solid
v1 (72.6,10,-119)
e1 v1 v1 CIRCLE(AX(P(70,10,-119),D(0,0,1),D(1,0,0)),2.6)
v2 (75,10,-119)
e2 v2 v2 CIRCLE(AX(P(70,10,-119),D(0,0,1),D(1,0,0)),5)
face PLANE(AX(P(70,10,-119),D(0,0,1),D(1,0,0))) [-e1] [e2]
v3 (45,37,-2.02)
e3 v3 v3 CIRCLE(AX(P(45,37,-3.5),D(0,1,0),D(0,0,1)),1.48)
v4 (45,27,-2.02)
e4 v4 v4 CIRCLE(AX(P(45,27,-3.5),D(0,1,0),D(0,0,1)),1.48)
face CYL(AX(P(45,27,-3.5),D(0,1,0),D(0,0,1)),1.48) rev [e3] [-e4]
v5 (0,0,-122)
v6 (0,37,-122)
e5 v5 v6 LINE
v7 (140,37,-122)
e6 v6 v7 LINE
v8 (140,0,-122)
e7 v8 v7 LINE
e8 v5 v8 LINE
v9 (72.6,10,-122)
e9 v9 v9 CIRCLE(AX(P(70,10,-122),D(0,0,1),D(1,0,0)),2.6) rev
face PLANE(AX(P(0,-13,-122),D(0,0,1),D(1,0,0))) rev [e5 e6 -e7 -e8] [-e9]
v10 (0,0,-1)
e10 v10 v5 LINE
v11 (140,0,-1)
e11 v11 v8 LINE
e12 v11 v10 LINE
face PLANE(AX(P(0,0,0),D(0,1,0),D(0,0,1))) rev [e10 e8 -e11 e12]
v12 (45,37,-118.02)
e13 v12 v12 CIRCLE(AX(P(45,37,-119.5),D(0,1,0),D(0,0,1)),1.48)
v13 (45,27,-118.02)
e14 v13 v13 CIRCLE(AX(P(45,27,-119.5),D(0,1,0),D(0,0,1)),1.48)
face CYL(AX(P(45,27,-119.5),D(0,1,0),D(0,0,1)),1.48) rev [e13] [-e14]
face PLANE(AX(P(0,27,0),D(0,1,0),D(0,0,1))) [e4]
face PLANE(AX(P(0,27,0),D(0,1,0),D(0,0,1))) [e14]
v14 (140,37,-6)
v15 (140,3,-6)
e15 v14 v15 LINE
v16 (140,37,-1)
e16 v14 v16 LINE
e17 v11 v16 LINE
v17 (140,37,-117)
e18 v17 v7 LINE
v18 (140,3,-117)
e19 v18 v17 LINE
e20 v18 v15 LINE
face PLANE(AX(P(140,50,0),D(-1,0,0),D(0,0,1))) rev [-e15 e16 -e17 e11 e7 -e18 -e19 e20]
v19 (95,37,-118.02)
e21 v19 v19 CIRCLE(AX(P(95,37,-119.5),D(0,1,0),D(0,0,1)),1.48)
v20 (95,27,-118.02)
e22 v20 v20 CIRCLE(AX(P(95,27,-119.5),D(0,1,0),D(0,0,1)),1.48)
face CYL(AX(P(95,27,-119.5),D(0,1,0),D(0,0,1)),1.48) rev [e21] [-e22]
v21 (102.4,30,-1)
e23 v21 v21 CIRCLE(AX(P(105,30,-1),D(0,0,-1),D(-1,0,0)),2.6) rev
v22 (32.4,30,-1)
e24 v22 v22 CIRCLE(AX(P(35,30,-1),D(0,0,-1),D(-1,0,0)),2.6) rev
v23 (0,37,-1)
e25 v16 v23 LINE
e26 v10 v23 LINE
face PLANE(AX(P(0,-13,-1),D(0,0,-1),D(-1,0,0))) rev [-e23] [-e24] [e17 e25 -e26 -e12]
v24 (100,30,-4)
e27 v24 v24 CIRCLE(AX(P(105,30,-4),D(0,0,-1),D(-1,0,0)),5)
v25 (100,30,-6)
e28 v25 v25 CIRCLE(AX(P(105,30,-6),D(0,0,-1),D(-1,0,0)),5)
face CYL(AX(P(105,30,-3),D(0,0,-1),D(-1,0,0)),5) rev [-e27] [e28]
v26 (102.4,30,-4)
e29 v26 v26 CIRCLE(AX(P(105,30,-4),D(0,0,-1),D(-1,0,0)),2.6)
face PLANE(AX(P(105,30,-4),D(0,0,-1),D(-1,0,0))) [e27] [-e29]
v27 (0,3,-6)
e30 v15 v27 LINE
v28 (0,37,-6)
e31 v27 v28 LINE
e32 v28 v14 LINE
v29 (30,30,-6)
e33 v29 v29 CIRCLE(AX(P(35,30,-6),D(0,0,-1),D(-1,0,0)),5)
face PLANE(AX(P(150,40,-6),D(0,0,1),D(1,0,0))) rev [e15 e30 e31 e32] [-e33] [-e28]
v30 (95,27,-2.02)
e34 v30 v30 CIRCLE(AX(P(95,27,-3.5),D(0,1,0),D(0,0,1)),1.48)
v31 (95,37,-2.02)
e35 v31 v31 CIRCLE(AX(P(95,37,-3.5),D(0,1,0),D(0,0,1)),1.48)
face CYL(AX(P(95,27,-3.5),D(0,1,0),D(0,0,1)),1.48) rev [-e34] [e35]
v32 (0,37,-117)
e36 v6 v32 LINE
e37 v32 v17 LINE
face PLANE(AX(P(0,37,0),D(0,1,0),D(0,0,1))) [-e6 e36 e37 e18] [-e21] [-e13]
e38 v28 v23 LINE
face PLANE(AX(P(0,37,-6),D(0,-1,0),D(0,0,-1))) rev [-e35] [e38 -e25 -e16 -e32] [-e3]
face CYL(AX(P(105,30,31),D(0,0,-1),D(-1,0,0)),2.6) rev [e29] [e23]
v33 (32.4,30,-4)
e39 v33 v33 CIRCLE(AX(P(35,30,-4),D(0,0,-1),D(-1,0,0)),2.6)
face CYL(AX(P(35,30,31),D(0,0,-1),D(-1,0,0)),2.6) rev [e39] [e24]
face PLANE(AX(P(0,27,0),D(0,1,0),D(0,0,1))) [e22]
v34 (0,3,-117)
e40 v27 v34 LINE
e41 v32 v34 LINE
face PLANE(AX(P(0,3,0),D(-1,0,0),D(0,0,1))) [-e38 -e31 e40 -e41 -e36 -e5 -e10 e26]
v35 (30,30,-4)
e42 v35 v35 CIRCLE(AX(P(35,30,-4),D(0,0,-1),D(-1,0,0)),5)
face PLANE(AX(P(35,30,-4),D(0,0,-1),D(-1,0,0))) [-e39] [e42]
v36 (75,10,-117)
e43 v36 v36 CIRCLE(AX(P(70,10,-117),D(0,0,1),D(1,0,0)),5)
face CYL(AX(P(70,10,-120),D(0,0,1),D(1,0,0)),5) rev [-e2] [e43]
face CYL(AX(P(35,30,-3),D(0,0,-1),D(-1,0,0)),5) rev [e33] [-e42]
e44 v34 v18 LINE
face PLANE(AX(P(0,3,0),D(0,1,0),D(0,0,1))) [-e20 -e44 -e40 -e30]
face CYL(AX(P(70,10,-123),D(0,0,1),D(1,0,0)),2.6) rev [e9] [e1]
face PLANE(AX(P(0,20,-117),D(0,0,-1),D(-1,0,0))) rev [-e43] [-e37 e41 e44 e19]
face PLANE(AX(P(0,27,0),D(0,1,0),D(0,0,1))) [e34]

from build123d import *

# Parameters (mm, degrees)
SKETCH_1_W           = 150
SKETCH_1_H           = 123
SKETCH_1_R           = 1.5
EXTRUDE_1_DEPTH      = 3
SKETCH_2_W           = 150
SKETCH_2_H           = 6
EXTRUDE_2_DEPTH      = 17
SKETCH_3_W           = 75
SKETCH_3_H           = 6
EXTRUDE_3_DEPTH      = 37
SKETCH_4_W           = 150
SKETCH_4_H           = 111
EXTRUDE_4_DEPTH      = 3
SKETCH_6_W           = 10
SKETCH_6_H           = 123
CUT_EXTRUDE_1_DEPTH  = 50
SKETCH_7_W           = 3
SKETCH_7_H           = 101
EXTRUDE_5_DEPTH      = 17
SKETCH_9_W           = 75
SKETCH_9_H           = 6
EXTRUDE_6_DEPTH      = 37
CUT_EXTRUDE_2_DEPTH  = 37
SKETCH_12_R          = 5
CUT_EXTRUDE_3_DEPTH  = 3
CUT_EXTRUDE_5_DEPTH  = 6
SKETCH_14_R          = 5
CUT_EXTRUDE_6_DEPTH  = 3
SKETCH_15_W          = 140
SKETCH_15_H          = 3
CUT_EXTRUDE_7_DEPTH  = 6
SKETCH_17_W          = 140
SKETCH_17_H          = 6
SKETCH_17_W_2        = 3
SKETCH_17_H_2        = 101
EXTRUDE_7_DEPTH      = 17
SKETCH_19_W          = 140
SKETCH_19_H          = 1
CUT_EXTRUDE_10_DEPTH = 50
SKETCH_20_W          = 140
SKETCH_20_H          = 1
CUT_EXTRUDE_11_DEPTH = 50
SKETCH_21_W          = 3
SKETCH_21_H          = 101
CUT_EXTRUDE_12_DEPTH = 34
SKETCH_22_R          = 1.48
CUT_EXTRUDE_13_DEPTH = 10
EXTRUDE_START        = 1
SKETCH_23_R          = 5
SKETCH_23_R_2        = 2.6
EXTRUDE_8_DEPTH      = 1
SKETCH_24_R          = 5
SKETCH_24_R_2        = 2.6
EXTRUDE_9_DEPTH      = 1


with BuildPart() as part:
    # 草图1 → 凸台-拉伸1 (new body)
    with BuildSketch(Plane(origin=(0, 0, 0), x_dir=(1, 0, 0), z_dir=(0, 1, 0))):
        with Locations((75, 61.5)):
            Rectangle(SKETCH_1_W, SKETCH_1_H)
        with Locations(Location((19, 102.5, 0), (0, 0, 270))):
            Circle(SKETCH_1_R, mode=Mode.SUBTRACT)
        with Locations(Location((19, 20.5, 0), (0, 0, 270))):
            Circle(SKETCH_1_R, mode=Mode.SUBTRACT)
        with Locations(Location((141, 20.5, 0), (0, 0, 270))):
            Circle(SKETCH_1_R, mode=Mode.SUBTRACT)
        with Locations(Location((141, 102.5, 0), (0, 0, 270))):
            Circle(SKETCH_1_R, mode=Mode.SUBTRACT)
    extrude(amount=EXTRUDE_1_DEPTH)

    # 草图2 → 凸台-拉伸2 (add)
    with BuildSketch(Plane(origin=(0, 3, 0), x_dir=(1, 0, 0), z_dir=(0, 1, 0))):
        with Locations((75, 120)):
            Rectangle(SKETCH_2_W, SKETCH_2_H)
    extrude(amount=EXTRUDE_2_DEPTH)

    # 草图3 → 凸台-拉伸3 (add)
    with BuildSketch(Plane(origin=(0, 3, 0), x_dir=(1, 0, 0), z_dir=(0, 1, 0))):
        with Locations((112.5, 3)):
            Rectangle(SKETCH_3_W, SKETCH_3_H)
    extrude(amount=EXTRUDE_3_DEPTH)

    # 草图4 → 凸台-拉伸4 (add)
    with BuildSketch(Plane(origin=(0, 3, 0), x_dir=(1, 0, 0), z_dir=(0, 1, 0))):
        with Locations((75, 61.5)):
            Rectangle(SKETCH_4_W, SKETCH_4_H)
    extrude(amount=-EXTRUDE_4_DEPTH)

    # 草图6 → 切除-拉伸1 (cut)
    with BuildSketch(Plane.XZ):
        with Locations((145, -61.5)):
            Rectangle(SKETCH_6_W, SKETCH_6_H)
    extrude(amount=-CUT_EXTRUDE_1_DEPTH, mode=Mode.SUBTRACT)

    # 草图7 → 凸台-拉伸5 (add)
    with BuildSketch(Plane(origin=(0, 3, 0), x_dir=(1, 0, 0), z_dir=(0, 1, 0))):
        with Locations((1.5, 56.5)):
            Rectangle(SKETCH_7_W, SKETCH_7_H)
    extrude(amount=EXTRUDE_5_DEPTH)

    # 草图9 → 凸台-拉伸6 (add)
    with BuildSketch(Plane(origin=(0, 3, 0), x_dir=(1, 0, 0), z_dir=(0, 1, 0))):
        with Locations((37.5, 3)):
            Rectangle(SKETCH_9_W, SKETCH_9_H)
    extrude(amount=EXTRUDE_6_DEPTH)

    # 草图11 → 切除-拉伸2 (cut)
    with BuildSketch(Plane(origin=(0, 0, -6), x_dir=(-1, 0, 0), z_dir=(0, 0, -1))):
        with BuildLine():
            ThreePointArc((-107.6, 30), (-105, 27.4), (-102.4, 30))
            Line((-102.4, 30), (-107.6, 30))
        make_face()
        with BuildLine():
            Line((-107.6, 30), (-102.4, 30))
            ThreePointArc((-102.4, 30), (-105, 32.6), (-107.6, 30))
        make_face()
        with BuildLine():
            ThreePointArc((-32.4, 30), (-35, 32.6), (-37.6, 30))
            Line((-37.6, 30), (-32.4, 30))
        make_face()
        with BuildLine():
            Line((-32.4, 30), (-37.6, 30))
            ThreePointArc((-37.6, 30), (-35, 27.4), (-32.4, 30))
        make_face()
    extrude(amount=-CUT_EXTRUDE_2_DEPTH, mode=Mode.SUBTRACT)

    # 草图12 → 切除-拉伸3 (cut)
    with BuildSketch(Plane(origin=(0, 0, -6), x_dir=(-1, 0, 0), z_dir=(0, 0, -1))):
        with Locations((-105, 30)):
            Circle(SKETCH_12_R)
        with Locations((-35, 30)):
            Circle(SKETCH_12_R)
    extrude(amount=-CUT_EXTRUDE_3_DEPTH, mode=Mode.SUBTRACT)

    # 草图13 → 切除-拉伸5 (cut)
    with BuildSketch(Plane.XY.offset(-117)):
        with BuildLine():
            ThreePointArc((67.4, 10), (70, 7.4), (72.6, 10))
            Line((72.6, 10), (67.4, 10))
        make_face()
        with BuildLine():
            Line((67.4, 10), (72.6, 10))
            ThreePointArc((72.6, 10), (70, 12.6), (67.4, 10))
        make_face()
    extrude(amount=-CUT_EXTRUDE_5_DEPTH, mode=Mode.SUBTRACT)

    # 草图14 → 切除-拉伸6 (cut)
    with BuildSketch(Plane.XY.offset(-117)):
        with Locations((70, 10)):
            Circle(SKETCH_14_R)
    extrude(amount=-CUT_EXTRUDE_6_DEPTH, mode=Mode.SUBTRACT)

    # 草图15 → 切除-拉伸7 (cut)
    with BuildSketch(Plane.XY):
        with Locations((70, 38.5)):
            Rectangle(SKETCH_15_W, SKETCH_15_H)
    extrude(amount=-CUT_EXTRUDE_7_DEPTH, mode=Mode.SUBTRACT)

    # 草图17 → 凸台-拉伸7 (add)
    with BuildSketch(Plane(origin=(0, 20, 0), x_dir=(1, 0, 0), z_dir=(0, 1, 0))):
        with Locations((70, 120)):
            Rectangle(SKETCH_17_W, SKETCH_17_H)
        with Locations((1.5, 56.5)):
            Rectangle(SKETCH_17_W_2, SKETCH_17_H_2)
    extrude(amount=EXTRUDE_7_DEPTH)

    # 草图19 → 切除-拉伸10 (cut)
    with BuildSketch(Plane(origin=(0, 37, 0), x_dir=(1, 0, 0), z_dir=(0, 1, 0))):
        with Locations((70, 122.5)):
            Rectangle(SKETCH_19_W, SKETCH_19_H)
    extrude(amount=-CUT_EXTRUDE_10_DEPTH, mode=Mode.SUBTRACT)

    # 草图20 → 切除-拉伸11 (cut)
    with BuildSketch(Plane(origin=(0, 37, 0), x_dir=(1, 0, 0), z_dir=(0, 1, 0))):
        with Locations((70, 0.5)):
            Rectangle(SKETCH_20_W, SKETCH_20_H)
    extrude(amount=-CUT_EXTRUDE_11_DEPTH, mode=Mode.SUBTRACT)

    # 草图21 → 切除-拉伸12 (cut)
    with BuildSketch(Plane(origin=(0, 37, 0), x_dir=(1, 0, 0), z_dir=(0, 1, 0))):
        with Locations((1.5, 56.5)):
            Rectangle(SKETCH_21_W, SKETCH_21_H)
    extrude(amount=-CUT_EXTRUDE_12_DEPTH, mode=Mode.SUBTRACT)

    # 草图22 → 切除-拉伸13 (cut)
    with BuildSketch(Plane(origin=(0, 37, 0), x_dir=(1, 0, 0), z_dir=(0, 1, 0))):
        with Locations(Location((95, 119.5, 0), (0, 0, 270))):
            Circle(SKETCH_22_R)
        with Locations(Location((45, 119.5, 0), (0, 0, 270))):
            Circle(SKETCH_22_R)
        with Locations(Location((45, 3.5, 0), (0, 0, 270))):
            Circle(SKETCH_22_R)
        with Locations(Location((95, 3.5, 0), (0, 0, 270))):
            Circle(SKETCH_22_R)
    extrude(amount=-CUT_EXTRUDE_13_DEPTH, mode=Mode.SUBTRACT)

    # 草图23 → 凸台-拉伸8 (add)
    with BuildSketch(Plane.XY.offset(-120).offset(EXTRUDE_START)):
        with Locations((70, 10)):
            Circle(SKETCH_23_R)
        with Locations((70, 10)):
            Circle(SKETCH_23_R_2, mode=Mode.SUBTRACT)
    extrude(amount=-EXTRUDE_8_DEPTH)

    # 草图24 → 凸台-拉伸9 (add)
    # profile 1 of 2: a face of its own
    with BuildSketch(Plane(origin=(0, 0, -3), x_dir=(-1, 0, 0), z_dir=(0, 0, -1)).offset(EXTRUDE_START)):
        with Locations((-105, 30)):
            Circle(SKETCH_24_R)
        with Locations((-105, 30)):
            Circle(SKETCH_24_R_2, mode=Mode.SUBTRACT)
    # profile 2 of 2: a face of its own
    with BuildSketch(Plane(origin=(0, 0, -3), x_dir=(-1, 0, 0), z_dir=(0, 0, -1)).offset(EXTRUDE_START)):
        with Locations((-35, 30)):
            Circle(SKETCH_24_R)
        with Locations((-35, 30)):
            Circle(SKETCH_24_R_2, mode=Mode.SUBTRACT)
    extrude(amount=-EXTRUDE_9_DEPTH)


solid = part.part
